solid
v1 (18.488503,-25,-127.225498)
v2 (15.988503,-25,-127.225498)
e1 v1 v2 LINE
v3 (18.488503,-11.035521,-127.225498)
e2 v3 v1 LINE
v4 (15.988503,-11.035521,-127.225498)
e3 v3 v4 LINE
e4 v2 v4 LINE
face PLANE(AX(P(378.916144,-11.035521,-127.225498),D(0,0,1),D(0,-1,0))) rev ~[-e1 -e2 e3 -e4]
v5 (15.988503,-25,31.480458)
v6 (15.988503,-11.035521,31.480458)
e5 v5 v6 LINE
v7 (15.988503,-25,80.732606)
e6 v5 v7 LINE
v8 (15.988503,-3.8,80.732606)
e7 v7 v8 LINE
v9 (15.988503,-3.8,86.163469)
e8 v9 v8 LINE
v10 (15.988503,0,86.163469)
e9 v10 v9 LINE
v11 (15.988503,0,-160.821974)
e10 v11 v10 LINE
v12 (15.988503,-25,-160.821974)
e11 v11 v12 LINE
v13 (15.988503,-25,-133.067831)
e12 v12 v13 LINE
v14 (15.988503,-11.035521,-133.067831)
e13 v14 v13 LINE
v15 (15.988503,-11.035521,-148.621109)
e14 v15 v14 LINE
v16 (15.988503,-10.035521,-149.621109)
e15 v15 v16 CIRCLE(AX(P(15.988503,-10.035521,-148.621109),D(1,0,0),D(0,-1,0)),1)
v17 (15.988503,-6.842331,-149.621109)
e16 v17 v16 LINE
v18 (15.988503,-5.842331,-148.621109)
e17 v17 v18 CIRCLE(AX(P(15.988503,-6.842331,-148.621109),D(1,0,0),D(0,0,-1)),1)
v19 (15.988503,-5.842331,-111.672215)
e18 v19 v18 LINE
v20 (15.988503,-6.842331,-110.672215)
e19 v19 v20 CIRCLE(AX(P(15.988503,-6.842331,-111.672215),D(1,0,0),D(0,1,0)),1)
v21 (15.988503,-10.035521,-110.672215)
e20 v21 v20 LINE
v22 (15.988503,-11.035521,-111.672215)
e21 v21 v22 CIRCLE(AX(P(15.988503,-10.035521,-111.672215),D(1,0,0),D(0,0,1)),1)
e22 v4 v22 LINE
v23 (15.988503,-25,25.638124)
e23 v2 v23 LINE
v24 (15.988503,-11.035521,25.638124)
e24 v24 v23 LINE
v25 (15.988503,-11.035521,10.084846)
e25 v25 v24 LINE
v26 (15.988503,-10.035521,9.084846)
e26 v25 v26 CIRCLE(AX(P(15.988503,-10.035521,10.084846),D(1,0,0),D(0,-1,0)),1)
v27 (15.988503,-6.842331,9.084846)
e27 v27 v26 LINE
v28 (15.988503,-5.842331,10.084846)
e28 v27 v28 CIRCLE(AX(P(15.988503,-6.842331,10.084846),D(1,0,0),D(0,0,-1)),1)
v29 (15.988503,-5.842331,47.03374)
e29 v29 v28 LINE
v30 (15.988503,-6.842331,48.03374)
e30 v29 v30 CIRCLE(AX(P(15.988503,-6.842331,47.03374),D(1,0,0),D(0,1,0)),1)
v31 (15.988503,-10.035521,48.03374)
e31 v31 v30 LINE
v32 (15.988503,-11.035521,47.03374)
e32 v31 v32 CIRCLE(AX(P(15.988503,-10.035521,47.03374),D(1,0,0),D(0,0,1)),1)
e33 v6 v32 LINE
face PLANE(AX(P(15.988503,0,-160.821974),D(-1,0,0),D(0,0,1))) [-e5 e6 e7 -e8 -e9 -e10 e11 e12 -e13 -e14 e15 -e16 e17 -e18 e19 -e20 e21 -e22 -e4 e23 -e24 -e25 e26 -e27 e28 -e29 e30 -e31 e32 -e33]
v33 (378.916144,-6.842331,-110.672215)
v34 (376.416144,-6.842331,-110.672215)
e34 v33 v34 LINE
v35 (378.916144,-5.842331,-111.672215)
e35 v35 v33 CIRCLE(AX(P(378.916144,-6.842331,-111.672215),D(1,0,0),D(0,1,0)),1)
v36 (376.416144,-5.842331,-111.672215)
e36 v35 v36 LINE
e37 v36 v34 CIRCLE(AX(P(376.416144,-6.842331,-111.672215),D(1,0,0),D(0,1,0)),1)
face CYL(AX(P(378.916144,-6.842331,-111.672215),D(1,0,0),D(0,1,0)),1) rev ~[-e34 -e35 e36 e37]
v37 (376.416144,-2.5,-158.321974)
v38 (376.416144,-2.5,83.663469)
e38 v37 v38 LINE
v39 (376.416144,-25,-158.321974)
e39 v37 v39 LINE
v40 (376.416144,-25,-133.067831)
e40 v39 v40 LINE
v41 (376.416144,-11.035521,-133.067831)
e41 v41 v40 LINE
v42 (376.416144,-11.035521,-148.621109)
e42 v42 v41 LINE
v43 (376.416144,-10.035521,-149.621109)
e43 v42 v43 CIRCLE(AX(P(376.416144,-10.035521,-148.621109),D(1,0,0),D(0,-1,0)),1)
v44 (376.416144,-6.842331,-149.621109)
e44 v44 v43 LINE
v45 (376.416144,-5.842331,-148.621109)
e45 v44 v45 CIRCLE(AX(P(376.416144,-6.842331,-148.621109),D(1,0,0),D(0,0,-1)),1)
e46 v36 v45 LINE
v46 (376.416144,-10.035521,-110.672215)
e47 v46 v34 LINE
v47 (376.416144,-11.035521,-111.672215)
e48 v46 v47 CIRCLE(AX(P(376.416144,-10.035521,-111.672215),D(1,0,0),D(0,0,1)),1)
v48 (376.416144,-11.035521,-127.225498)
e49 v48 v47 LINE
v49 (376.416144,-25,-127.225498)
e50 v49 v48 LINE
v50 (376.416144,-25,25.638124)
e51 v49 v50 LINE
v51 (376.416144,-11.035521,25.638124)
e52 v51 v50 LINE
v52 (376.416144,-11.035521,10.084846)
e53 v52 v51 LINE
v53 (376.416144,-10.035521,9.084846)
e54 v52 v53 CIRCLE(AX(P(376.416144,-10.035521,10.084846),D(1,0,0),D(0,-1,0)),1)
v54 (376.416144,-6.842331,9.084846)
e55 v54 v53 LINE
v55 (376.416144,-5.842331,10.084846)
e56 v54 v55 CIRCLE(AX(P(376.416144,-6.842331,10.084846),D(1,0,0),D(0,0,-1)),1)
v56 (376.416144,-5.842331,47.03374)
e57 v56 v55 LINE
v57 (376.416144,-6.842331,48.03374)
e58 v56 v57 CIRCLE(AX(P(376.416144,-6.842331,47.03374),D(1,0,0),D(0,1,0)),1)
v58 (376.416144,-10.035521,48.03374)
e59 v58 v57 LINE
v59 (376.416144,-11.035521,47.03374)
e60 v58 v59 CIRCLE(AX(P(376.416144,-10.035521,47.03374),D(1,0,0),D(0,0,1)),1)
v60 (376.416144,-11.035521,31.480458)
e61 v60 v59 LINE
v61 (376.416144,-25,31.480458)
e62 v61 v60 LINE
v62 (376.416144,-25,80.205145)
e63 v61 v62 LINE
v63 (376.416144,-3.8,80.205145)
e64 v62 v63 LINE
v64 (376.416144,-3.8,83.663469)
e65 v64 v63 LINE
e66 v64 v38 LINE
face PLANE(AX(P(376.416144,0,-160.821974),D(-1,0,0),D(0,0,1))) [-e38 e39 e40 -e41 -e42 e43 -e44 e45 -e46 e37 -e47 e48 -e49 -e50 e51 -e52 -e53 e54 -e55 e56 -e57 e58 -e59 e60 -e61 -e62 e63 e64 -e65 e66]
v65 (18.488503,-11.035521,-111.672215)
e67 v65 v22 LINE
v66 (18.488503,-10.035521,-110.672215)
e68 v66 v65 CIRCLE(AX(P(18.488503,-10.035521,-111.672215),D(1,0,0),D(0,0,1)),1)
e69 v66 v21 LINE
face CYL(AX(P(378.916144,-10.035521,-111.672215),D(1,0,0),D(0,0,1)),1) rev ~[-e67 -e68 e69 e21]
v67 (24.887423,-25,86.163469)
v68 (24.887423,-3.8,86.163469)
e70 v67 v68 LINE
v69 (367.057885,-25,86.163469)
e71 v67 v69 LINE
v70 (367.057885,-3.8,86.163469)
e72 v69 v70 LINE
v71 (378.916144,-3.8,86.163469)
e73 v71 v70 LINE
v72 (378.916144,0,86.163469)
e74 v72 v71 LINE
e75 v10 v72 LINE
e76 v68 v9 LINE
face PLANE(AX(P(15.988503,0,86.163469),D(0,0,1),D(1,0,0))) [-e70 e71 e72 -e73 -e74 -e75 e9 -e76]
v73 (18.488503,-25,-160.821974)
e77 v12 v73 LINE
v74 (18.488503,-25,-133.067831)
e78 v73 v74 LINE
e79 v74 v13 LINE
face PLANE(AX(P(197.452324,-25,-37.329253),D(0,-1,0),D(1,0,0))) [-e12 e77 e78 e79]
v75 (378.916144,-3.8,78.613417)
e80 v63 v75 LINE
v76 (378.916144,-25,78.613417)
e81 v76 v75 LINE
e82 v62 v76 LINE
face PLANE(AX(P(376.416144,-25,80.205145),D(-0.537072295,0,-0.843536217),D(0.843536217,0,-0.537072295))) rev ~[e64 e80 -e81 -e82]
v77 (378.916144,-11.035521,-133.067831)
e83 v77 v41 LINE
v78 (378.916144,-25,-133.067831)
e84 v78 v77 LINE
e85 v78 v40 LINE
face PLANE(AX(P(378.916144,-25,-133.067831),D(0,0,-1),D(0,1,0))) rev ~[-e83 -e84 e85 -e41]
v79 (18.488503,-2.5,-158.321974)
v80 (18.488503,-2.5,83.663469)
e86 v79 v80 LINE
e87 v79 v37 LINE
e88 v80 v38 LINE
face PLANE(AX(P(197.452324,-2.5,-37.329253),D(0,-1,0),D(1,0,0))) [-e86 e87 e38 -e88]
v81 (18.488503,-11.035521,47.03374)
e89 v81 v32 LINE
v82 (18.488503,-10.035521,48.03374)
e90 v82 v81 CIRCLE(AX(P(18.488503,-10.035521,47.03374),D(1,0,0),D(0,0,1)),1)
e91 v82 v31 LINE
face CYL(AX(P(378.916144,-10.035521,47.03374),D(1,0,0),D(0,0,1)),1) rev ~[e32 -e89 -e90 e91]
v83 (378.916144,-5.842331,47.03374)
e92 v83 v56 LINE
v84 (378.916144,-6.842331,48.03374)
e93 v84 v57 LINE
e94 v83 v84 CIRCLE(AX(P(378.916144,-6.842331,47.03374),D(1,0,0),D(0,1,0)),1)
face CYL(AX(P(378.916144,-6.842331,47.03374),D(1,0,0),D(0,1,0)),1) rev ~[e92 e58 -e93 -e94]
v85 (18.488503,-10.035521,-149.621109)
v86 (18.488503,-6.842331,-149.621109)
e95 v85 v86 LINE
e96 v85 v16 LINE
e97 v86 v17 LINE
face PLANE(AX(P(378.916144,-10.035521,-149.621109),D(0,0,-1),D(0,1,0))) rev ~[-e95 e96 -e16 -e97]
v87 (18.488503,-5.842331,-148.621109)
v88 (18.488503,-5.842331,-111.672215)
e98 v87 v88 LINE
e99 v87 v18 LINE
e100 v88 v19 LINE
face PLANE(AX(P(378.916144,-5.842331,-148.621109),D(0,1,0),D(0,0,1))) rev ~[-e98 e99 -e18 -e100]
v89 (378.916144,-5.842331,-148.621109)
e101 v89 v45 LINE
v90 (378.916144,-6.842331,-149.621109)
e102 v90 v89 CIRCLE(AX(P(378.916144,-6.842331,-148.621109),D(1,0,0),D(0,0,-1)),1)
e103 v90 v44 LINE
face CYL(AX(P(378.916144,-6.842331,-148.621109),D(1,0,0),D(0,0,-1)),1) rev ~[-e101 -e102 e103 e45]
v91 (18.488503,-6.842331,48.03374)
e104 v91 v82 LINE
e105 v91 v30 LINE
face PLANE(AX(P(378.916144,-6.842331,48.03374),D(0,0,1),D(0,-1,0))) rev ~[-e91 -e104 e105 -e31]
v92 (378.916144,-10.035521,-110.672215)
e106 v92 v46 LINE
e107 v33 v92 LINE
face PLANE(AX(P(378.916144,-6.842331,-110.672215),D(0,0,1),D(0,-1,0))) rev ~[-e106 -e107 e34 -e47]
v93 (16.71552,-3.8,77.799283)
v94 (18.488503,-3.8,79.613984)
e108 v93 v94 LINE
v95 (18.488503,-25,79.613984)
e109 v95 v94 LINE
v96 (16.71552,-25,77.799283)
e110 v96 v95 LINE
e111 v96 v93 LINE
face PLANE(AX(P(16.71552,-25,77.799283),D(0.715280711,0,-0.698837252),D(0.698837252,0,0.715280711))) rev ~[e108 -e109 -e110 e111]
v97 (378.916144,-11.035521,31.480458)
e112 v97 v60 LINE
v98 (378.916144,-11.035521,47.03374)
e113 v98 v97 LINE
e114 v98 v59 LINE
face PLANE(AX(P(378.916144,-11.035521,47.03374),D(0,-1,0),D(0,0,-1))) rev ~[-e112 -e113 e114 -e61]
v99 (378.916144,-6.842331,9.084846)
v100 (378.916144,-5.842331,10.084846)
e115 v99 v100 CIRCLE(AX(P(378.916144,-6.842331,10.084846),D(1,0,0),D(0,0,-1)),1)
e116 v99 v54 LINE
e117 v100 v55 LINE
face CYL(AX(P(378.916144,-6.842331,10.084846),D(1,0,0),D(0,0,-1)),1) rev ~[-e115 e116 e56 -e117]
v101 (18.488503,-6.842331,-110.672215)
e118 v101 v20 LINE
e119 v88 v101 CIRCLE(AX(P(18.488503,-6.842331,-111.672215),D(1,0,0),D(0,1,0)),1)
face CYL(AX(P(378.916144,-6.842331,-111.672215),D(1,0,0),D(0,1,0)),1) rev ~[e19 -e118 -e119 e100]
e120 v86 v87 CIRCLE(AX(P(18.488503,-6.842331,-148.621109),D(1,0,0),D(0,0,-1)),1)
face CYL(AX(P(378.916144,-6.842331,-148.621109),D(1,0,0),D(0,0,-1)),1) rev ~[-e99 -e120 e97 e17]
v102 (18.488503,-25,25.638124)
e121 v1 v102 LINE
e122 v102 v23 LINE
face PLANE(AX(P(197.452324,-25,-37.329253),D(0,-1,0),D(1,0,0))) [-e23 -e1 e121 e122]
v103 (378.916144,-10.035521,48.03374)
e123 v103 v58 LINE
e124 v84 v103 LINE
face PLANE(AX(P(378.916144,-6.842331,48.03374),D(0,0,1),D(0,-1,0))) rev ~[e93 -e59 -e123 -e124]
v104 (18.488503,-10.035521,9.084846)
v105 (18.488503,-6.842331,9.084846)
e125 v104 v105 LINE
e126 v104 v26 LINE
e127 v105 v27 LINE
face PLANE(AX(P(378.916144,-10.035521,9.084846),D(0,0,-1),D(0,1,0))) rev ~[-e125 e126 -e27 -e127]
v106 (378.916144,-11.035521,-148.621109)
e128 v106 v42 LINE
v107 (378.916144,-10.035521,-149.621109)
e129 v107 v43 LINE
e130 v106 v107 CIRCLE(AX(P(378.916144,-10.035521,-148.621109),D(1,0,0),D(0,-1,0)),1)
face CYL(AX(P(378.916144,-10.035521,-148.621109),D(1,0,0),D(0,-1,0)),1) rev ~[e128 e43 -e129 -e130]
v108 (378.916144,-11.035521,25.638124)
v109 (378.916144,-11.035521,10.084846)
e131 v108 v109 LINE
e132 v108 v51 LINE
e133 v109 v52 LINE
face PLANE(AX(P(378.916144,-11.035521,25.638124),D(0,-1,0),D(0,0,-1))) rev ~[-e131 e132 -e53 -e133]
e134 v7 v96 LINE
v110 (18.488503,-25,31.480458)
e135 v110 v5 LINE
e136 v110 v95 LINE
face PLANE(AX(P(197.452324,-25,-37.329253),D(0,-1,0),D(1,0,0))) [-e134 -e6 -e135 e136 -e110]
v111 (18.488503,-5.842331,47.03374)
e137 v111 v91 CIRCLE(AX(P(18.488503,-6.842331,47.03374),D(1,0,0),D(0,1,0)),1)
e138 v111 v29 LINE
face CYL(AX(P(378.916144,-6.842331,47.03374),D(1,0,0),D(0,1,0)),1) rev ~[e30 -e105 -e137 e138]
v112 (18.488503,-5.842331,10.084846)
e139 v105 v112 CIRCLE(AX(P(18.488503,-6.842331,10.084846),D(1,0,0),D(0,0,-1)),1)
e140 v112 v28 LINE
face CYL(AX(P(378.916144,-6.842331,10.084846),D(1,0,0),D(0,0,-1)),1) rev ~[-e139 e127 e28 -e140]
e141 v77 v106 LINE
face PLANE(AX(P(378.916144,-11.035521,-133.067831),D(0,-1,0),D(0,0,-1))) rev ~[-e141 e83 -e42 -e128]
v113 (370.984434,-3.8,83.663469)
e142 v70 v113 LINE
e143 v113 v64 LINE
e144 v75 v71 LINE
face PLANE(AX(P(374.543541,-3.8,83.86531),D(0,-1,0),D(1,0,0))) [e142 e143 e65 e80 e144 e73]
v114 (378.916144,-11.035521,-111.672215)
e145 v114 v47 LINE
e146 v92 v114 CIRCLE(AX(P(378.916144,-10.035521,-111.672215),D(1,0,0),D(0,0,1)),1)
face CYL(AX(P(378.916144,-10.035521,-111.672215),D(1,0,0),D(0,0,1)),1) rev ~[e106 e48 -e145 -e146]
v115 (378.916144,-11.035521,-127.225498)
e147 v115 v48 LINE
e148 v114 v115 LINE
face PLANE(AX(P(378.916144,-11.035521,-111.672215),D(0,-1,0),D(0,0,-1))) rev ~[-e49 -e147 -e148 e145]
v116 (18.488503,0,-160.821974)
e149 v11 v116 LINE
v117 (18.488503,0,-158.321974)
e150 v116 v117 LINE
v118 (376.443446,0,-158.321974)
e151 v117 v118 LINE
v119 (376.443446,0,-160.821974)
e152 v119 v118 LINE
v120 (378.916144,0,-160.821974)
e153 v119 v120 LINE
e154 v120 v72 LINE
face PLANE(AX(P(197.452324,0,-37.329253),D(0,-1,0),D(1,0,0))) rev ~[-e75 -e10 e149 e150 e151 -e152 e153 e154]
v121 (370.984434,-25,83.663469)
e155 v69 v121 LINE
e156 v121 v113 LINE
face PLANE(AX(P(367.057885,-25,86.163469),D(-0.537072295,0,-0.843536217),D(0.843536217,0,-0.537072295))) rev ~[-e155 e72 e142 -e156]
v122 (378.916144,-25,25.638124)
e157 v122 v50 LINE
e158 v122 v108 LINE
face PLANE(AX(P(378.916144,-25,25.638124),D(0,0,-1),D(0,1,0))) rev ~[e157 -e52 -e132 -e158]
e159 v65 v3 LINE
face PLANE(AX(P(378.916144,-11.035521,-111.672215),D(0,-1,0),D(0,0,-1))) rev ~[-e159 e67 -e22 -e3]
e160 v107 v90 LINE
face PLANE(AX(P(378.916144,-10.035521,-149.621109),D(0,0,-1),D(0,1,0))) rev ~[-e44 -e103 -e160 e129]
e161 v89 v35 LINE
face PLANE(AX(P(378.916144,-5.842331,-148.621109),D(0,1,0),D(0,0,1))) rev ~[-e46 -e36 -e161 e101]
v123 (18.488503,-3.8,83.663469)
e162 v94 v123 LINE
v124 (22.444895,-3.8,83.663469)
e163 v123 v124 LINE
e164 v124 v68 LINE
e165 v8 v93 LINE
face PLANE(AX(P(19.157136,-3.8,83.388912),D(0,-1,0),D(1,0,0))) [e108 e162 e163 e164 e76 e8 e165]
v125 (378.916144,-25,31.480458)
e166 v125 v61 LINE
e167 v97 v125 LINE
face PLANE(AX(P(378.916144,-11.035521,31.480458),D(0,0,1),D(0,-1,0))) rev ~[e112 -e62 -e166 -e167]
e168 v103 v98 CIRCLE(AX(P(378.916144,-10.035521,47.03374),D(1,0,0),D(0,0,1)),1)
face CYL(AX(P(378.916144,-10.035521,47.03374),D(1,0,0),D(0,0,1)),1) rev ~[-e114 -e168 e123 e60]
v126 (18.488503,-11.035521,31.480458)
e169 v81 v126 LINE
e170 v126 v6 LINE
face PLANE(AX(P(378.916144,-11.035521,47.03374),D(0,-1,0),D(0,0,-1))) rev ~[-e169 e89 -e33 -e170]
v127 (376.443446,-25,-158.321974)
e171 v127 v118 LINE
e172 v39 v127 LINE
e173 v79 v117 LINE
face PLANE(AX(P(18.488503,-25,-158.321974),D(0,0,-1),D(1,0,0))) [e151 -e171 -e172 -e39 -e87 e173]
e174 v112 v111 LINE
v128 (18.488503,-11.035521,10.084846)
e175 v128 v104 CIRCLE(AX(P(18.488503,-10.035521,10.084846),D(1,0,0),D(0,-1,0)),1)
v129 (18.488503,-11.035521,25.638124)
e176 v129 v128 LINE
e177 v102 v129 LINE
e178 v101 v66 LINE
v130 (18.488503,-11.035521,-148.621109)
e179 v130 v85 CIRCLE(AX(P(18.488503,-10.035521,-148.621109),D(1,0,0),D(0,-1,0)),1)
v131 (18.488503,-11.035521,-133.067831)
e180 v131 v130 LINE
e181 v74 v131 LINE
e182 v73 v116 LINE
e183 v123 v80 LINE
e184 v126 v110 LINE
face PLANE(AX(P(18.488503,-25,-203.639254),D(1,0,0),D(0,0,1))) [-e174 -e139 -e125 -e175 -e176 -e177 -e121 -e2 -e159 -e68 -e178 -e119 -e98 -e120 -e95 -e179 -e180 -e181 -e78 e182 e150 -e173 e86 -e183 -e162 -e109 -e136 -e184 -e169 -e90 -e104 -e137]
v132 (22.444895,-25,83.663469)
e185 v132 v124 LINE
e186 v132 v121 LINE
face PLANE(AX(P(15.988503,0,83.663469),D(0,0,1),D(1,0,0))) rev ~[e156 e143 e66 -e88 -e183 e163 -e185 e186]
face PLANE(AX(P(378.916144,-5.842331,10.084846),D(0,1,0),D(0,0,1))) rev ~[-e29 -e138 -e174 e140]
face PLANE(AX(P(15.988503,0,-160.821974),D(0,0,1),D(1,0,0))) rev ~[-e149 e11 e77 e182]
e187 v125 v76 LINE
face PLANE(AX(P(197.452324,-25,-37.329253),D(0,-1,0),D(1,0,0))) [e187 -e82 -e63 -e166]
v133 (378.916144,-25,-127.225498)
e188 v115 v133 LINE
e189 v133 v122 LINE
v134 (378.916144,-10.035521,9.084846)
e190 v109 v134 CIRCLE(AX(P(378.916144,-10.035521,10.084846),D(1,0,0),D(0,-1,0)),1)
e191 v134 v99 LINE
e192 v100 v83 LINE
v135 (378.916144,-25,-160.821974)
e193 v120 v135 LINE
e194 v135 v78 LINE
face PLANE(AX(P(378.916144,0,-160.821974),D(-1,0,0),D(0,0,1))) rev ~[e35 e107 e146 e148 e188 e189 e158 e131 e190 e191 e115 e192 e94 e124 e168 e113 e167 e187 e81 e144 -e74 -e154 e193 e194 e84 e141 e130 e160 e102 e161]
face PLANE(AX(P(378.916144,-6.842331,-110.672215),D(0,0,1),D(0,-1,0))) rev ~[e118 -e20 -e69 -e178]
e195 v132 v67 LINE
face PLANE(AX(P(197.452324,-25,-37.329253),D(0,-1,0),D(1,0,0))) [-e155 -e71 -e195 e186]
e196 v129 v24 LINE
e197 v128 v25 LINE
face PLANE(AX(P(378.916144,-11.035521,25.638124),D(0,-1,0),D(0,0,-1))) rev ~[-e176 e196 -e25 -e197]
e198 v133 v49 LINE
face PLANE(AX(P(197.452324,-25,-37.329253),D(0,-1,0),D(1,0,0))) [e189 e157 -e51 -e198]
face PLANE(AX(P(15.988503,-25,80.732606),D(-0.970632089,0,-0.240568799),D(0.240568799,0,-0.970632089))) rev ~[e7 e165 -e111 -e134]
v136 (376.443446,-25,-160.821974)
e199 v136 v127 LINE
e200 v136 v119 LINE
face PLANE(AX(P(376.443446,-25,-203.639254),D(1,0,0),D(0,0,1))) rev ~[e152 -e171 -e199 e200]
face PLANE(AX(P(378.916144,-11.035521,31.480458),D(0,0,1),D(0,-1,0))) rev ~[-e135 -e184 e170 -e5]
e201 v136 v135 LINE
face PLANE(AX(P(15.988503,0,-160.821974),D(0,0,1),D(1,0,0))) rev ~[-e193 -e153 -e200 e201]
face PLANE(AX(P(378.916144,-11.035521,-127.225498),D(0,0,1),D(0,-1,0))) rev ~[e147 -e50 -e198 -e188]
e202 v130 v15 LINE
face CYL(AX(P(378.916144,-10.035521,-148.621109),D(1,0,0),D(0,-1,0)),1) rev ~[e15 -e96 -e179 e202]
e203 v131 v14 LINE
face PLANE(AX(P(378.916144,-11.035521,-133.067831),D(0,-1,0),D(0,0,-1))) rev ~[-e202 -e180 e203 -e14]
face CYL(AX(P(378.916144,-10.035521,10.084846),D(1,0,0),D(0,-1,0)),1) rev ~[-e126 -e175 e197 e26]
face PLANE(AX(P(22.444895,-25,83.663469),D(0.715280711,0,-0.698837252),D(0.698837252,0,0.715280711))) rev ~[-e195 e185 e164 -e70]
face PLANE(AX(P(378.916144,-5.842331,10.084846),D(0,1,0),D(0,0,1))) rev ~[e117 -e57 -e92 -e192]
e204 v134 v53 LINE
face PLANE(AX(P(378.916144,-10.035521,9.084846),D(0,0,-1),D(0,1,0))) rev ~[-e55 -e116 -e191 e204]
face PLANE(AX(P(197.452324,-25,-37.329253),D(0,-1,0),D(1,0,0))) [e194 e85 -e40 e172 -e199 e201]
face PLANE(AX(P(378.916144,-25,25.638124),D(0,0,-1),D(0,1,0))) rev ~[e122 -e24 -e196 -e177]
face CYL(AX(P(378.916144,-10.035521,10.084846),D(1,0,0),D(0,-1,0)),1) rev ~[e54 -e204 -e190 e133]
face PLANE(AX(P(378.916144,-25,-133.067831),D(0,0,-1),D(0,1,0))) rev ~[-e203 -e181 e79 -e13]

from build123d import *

# Parameters (mm, degrees)
F0_W     = 362.9276417196
F0_H     = 246.9854429364
F1_DEPTH = 25
F2_T     = -2.5
F3_W     = 357.9549430311
F3_H     = 45.3172796965
F4_DEPTH = 25
F6_DEPTH = 407
F8_DEPTH = 21.2


with BuildPart() as f1:
    # F0 (on Front) → F1 (new body)
    with BuildSketch(Plane.XZ):
        with Locations((197.4523235112, -37.3292528093)):
            Rectangle(F0_W, F0_H)
    extrude(amount=F1_DEPTH)

    # F2
    f2_openings = [f1.faces().sort_by_distance(p)[0] for p in [
        (197.452324, -25, -37.329253),
    ]]
    offset(amount=F2_T, openings=f2_openings)

    # F3 (on face) → F4 (cut)
    with BuildSketch(Plane.XZ.offset(25)):
        with Locations((197.465974167, -180.9806141257)):
            Rectangle(F3_W, F3_H)
    extrude(amount=-F4_DEPTH, mode=Mode.SUBTRACT)

    # F5 (on face) → F6 (cut)
    with BuildSketch(Plane.YZ.offset(378.916144371)):
        with BuildLine():
            Line((-11.0355205834, 31.4804576337), (-25, 31.4804576337))
            Line((-25, 31.4804576337), (-25, 25.6381239742))
            Line((-25, 25.6381239742), (-11.0355205834, 25.6381239742))
            Line((-11.0355205834, 25.6381239742), (-11.0355205834, 10.0848458931))
            ThreePointArc((-11.0355205834, 10.0848458931), (-10.7426273646, 9.3777391119), (-10.0355205834, 9.0848458931))
            Line((-10.0355205834, 9.0848458931), (-6.8423313312, 9.0848458931))
            ThreePointArc((-6.8423313312, 9.0848458931), (-6.13522455, 9.3777391119), (-5.8423313312, 10.0848458931))
            Line((-5.8423313312, 10.0848458931), (-5.8423313312, 47.0337403715))
            ThreePointArc((-5.8423313312, 47.0337403715), (-6.13522455, 47.7408471527), (-6.8423313312, 48.0337403715))
            Line((-6.8423313312, 48.0337403715), (-10.0355205834, 48.0337403715))
            ThreePointArc((-10.0355205834, 48.0337403715), (-10.7426273646, 47.7408471527), (-11.0355205834, 47.0337403715))
            Line((-11.0355205834, 47.0337403715), (-11.0355205834, 31.4804576337))
        make_face()
        with BuildLine():
            Line((-11.0355205834, -127.2254977375), (-25, -127.2254977375))
            Line((-25, -127.2254977375), (-25, -133.0678313971))
            Line((-25, -133.0678313971), (-11.0355205834, -133.0678313971))
            Line((-11.0355205834, -133.0678313971), (-11.0355205834, -148.6211094782))
            ThreePointArc((-11.0355205834, -148.6211094782), (-10.7426273646, -149.3282162594), (-10.0355205834, -149.6211094782))
            Line((-10.0355205834, -149.6211094782), (-6.8423313312, -149.6211094782))
            ThreePointArc((-6.8423313312, -149.6211094782), (-6.13522455, -149.3282162594), (-5.8423313312, -148.6211094782))
            Line((-5.8423313312, -148.6211094782), (-5.8423313312, -111.6722149998))
            ThreePointArc((-5.8423313312, -111.6722149998), (-6.13522455, -110.9651082186), (-6.8423313312, -110.6722149998))
            Line((-6.8423313312, -110.6722149998), (-10.0355205834, -110.6722149998))
            ThreePointArc((-10.0355205834, -110.6722149998), (-10.7426273646, -110.9651082186), (-11.0355205834, -111.6722149998))
            Line((-11.0355205834, -111.6722149998), (-11.0355205834, -127.2254977375))
        make_face()
    extrude(amount=-F6_DEPTH, mode=Mode.SUBTRACT)

    # F7 (on face) → F8 (cut)
    with BuildSketch(Plane.XZ.offset(25)):
        Polygon((367.0578853405, 86.1634686589), (370.9844340809, 83.6634686589), (376.416144371, 83.6634686589), (376.416144371, 80.2051451735), (378.916144371, 78.6134165555), (378.916144371, 86.1634686589), align=None)
        Polygon((15.9885026515, 80.7326063961), (16.7155197178, 77.799282968), (18.4885026515, 79.6139837289), (18.4885026515, 83.6634686589), (22.4448947056, 83.6634686589), (24.8874226582, 86.1634686589), (15.9885026515, 86.1634686589), align=None)
    extrude(amount=-F8_DEPTH, mode=Mode.SUBTRACT)


solid = f1.part
